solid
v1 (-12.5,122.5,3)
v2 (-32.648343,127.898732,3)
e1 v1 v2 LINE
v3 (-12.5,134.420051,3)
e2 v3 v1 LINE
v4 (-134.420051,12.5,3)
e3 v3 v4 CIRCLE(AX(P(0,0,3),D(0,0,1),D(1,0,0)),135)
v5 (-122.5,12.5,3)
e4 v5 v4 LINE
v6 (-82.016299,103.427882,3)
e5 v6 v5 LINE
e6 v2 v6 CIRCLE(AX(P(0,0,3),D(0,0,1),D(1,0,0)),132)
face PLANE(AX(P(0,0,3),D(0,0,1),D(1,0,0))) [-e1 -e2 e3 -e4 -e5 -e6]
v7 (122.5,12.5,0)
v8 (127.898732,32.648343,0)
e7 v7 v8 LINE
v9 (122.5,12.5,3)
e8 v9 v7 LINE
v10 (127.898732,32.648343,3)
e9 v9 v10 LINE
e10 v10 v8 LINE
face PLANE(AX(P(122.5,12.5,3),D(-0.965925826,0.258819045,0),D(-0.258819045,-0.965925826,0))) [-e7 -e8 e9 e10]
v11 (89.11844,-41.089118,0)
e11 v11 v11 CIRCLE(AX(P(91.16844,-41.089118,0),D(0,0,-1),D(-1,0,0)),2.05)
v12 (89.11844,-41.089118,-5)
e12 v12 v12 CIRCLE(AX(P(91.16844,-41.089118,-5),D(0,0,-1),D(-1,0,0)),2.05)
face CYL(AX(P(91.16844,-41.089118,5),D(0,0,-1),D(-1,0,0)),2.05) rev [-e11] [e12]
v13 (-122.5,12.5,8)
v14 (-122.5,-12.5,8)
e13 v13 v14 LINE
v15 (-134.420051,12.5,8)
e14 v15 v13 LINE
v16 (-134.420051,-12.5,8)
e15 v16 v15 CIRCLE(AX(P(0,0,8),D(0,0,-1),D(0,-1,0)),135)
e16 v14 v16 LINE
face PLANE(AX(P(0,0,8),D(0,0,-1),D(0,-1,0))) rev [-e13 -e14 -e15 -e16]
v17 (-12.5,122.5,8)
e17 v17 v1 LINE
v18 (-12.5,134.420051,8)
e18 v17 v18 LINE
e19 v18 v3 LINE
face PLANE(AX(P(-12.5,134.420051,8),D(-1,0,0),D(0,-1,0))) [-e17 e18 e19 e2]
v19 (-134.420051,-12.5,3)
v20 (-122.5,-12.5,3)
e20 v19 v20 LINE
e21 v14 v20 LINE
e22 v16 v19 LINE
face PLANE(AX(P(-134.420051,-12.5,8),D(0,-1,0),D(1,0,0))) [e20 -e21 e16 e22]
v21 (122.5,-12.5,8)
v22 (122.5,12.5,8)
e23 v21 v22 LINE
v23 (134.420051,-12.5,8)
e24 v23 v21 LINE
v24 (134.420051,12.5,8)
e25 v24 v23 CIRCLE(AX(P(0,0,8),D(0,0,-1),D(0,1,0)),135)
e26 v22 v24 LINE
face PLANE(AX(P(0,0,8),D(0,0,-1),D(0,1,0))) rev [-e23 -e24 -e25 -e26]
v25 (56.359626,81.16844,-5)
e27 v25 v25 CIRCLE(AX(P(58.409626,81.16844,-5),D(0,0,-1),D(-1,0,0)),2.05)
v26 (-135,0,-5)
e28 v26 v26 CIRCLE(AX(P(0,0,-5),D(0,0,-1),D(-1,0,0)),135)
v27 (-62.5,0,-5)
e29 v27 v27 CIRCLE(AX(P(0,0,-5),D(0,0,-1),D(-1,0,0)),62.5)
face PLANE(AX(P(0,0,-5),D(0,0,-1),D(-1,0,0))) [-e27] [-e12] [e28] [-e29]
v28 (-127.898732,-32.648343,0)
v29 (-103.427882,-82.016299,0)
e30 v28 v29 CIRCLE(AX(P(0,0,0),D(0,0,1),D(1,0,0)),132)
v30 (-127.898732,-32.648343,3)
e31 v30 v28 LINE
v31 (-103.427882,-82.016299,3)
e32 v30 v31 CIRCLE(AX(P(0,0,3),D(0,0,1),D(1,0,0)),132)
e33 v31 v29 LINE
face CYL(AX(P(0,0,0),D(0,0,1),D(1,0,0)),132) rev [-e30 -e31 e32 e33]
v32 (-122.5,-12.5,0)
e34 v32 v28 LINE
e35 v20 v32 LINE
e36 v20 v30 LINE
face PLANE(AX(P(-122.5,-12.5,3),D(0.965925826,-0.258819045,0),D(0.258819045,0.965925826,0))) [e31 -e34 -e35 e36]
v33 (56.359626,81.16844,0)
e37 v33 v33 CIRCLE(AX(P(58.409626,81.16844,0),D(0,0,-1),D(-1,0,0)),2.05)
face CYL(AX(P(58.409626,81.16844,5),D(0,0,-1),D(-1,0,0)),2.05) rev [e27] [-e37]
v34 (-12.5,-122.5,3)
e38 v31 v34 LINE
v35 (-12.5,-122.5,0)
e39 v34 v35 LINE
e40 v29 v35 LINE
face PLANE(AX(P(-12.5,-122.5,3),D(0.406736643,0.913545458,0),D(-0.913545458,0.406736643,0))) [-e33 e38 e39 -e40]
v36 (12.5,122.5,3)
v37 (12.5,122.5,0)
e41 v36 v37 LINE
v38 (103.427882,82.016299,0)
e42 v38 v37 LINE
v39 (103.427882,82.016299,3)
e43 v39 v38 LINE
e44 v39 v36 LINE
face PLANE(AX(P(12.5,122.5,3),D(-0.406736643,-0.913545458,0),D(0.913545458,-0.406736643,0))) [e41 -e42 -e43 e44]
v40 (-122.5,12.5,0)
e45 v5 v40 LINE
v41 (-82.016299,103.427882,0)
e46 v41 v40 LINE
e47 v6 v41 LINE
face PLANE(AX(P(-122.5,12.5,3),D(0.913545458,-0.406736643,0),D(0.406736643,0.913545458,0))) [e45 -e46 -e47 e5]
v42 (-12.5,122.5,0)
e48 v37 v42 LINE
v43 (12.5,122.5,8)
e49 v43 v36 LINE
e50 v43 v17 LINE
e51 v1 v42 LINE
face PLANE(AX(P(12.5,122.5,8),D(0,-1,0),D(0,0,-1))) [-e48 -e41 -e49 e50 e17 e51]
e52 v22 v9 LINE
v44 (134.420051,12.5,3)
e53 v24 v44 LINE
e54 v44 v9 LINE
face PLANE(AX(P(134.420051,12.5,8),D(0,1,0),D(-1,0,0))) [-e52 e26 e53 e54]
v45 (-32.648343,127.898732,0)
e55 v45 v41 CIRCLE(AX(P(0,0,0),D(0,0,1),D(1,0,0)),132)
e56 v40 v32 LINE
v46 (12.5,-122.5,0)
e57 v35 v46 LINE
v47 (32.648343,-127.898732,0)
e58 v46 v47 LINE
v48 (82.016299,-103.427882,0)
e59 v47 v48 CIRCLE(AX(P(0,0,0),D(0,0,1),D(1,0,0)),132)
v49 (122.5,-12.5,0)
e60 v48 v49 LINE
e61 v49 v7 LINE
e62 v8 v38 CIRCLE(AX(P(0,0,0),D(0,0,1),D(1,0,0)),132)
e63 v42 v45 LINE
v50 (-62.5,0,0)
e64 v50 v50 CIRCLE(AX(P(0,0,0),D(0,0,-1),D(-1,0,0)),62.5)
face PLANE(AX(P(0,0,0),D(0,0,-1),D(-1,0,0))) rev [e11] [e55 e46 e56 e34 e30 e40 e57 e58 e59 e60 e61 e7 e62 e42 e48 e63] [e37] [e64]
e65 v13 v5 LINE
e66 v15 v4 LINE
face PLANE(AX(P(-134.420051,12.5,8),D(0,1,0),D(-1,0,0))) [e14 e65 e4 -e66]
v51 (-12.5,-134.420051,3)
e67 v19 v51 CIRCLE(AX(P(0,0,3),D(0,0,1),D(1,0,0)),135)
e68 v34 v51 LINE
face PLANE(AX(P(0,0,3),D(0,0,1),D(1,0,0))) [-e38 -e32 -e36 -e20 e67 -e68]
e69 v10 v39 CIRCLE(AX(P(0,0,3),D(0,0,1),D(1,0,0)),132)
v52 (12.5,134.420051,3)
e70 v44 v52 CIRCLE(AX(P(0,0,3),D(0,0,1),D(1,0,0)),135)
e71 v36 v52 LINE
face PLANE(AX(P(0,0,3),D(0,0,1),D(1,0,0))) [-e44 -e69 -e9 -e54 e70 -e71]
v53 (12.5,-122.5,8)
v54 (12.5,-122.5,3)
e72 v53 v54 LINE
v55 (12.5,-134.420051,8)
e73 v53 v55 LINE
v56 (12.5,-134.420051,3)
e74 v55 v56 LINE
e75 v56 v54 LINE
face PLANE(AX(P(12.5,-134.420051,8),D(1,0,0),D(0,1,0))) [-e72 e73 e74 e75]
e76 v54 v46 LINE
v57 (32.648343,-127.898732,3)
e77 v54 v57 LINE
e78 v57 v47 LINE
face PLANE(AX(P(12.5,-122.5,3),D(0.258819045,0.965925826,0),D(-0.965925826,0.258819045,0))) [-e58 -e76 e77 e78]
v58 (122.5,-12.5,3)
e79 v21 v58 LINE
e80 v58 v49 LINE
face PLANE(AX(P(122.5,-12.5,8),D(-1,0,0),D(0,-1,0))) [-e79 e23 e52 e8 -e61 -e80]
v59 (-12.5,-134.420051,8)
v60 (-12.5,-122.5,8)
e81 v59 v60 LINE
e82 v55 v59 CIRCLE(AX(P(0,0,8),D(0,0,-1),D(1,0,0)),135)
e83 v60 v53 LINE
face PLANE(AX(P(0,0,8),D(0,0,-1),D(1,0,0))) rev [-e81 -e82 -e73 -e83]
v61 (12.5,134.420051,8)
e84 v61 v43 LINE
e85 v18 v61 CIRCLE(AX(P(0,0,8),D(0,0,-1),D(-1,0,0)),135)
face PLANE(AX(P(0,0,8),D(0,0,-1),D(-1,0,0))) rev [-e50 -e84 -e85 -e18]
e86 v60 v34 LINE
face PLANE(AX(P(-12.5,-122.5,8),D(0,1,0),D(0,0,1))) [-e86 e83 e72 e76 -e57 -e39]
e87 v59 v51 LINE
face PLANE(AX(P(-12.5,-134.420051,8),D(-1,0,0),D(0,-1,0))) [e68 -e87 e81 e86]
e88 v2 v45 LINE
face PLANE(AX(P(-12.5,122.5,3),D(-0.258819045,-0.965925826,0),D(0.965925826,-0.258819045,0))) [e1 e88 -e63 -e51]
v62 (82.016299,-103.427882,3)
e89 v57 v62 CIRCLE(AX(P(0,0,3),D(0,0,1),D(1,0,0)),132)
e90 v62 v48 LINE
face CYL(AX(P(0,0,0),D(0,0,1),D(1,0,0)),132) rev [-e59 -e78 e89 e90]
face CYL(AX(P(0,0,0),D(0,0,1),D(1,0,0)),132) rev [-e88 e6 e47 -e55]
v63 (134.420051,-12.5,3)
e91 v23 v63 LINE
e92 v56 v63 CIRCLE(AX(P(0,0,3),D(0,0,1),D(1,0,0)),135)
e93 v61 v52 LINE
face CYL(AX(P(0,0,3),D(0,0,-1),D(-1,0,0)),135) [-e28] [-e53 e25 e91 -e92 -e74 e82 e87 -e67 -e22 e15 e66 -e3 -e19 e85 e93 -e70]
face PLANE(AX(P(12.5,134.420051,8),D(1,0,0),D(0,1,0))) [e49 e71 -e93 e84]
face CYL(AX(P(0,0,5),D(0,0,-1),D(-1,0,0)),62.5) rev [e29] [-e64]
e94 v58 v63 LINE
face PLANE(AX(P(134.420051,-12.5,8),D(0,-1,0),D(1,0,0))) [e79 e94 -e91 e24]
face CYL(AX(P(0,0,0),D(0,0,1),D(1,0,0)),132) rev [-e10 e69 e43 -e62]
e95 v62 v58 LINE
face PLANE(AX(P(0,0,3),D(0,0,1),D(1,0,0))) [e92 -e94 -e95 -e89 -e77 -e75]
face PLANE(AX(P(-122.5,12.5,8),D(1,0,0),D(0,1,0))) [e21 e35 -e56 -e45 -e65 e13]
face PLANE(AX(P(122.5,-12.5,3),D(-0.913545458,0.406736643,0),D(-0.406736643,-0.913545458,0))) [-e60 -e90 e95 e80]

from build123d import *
from build123d.topology import SkipClean

# Parameters (mm, degrees)
SCHIZZO1_R                   = 135
ESTRUSIONE_ESTRUSIONE2_DEPTH = 3
SCHIZZO4_R                   = 132
TAGLIO_ESTRUSIONE1_DEPTH     = 191.942399692
ESTRUSIONE_ESTRUSIONE3_DEPTH = 8
RIPETIZIONECIRCOLARE2_COUNT  = 4
ESTRUSIONE_ESTRUSIONE5_START = -3
ESTRUSIONE_ESTRUSIONE5_DEPTH = 3
RIPETIZIONECIRCOLARE4_COUNT  = 4
ESTRUSIONE_ESTRUSIONE6_START = 5
SCHIZZO9_R                   = 135
ESTRUSIONE_ESTRUSIONE6_DEPTH = 5
SCHIZZO10_R                  = 62.5
TAGLIO_ESTRUSIONE2_DEPTH     = 10
SCHIZZO11_R                  = 2.05
TAGLIO_ESTRUSIONE3_DEPTH     = 10


with BuildPart() as part:
    # Schizzo1 → Estrusione-Estrusione2 (new body)
    with BuildSketch(Plane.XY):
        Circle(SCHIZZO1_R)
    extrude(amount=ESTRUSIONE_ESTRUSIONE2_DEPTH)

    # Schizzo4 → Taglio-Estrusione1 (cut, through all)
    with BuildSketch(Plane.XY.offset(3)):
        Circle(SCHIZZO4_R)
    extrude(amount=-TAGLIO_ESTRUSIONE1_DEPTH, mode=Mode.SUBTRACT)

    # Schizzo5 → Estrusione-Estrusione3 (add)
    with SkipClean():  # the faces are left unmerged after this step: merging them gives an invalid solid
        with BuildSketch(Plane(origin=(0, 0, 0), x_dir=(-1, 0, 0), z_dir=(0, 0, -1))):
            with BuildLine():
                Line((-12.5, 134.420050588), (-12.5, 122.5))
                Line((-12.5, 122.5), (12.5, 122.5))
                Line((12.5, 122.5), (12.5, 134.420050588))
                ThreePointArc((12.5, 134.420050588), (0, 135), (-12.5, 134.420050588))
            make_face()
        estrusione_estrusione3 = extrude(amount=-ESTRUSIONE_ESTRUSIONE3_DEPTH)

    # RipetizioneCircolare2: Estrusione-Estrusione3 ×4 about axis
    with SkipClean():  # the faces are left unmerged after this step: merging them gives an invalid solid
        ripetizionecircolare2_axis = Axis((0, 0, 0), (0, 0, 1))
        for i in range(1, RIPETIZIONECIRCOLARE2_COUNT):
            add(estrusione_estrusione3.rotate(ripetizionecircolare2_axis, i * 360 / RIPETIZIONECIRCOLARE2_COUNT))

    # Schizzo8 → Estrusione-Estrusione5 (add)
    with SkipClean():  # the faces are left unmerged after this step: merging them gives an invalid solid
        with BuildSketch(Plane(origin=(0, 0, 0), x_dir=(-1, 0, 0), z_dir=(0, 0, -1)).offset(ESTRUSIONE_ESTRUSIONE5_START)):
            with BuildLine():
                Line((-12.5, 122.5), (12.5, 122.5))
                Line((12.5, 122.5), (32.648342939, 127.898732219))
                ThreePointArc((32.648342939, 127.898732219), (-42.175054348, 125.081032898), (-103.427881869, 82.016298697))
                Line((-103.427881869, 82.016298697), (-12.5, 122.5))
            make_face()
        estrusione_estrusione5 = extrude(amount=ESTRUSIONE_ESTRUSIONE5_DEPTH)

    # RipetizioneCircolare4: Estrusione-Estrusione5 ×4 about axis
    with SkipClean():  # the faces are left unmerged after this step: merging them gives an invalid solid
        ripetizionecircolare4_axis = Axis((0, 0, 0), (0, 0, 1))
        for i in range(1, RIPETIZIONECIRCOLARE4_COUNT):
            add(estrusione_estrusione5.rotate(ripetizionecircolare4_axis, i * 360 / RIPETIZIONECIRCOLARE4_COUNT))

    # Schizzo9 → Estrusione-Estrusione6 (add)
    with SkipClean():  # the faces are left unmerged after this step: merging them gives an invalid solid
        with BuildSketch(Plane(origin=(0, 0, 0), x_dir=(-1, 0, 0), z_dir=(0, 0, -1)).offset(ESTRUSIONE_ESTRUSIONE6_START)):
            Circle(SCHIZZO9_R)
        extrude(amount=-ESTRUSIONE_ESTRUSIONE6_DEPTH)

    # Schizzo10 → Taglio-Estrusione2 (cut)
    with SkipClean():  # the faces are left unmerged after this step: merging them gives an invalid solid
        with BuildSketch(Plane(origin=(0, 0, -5), x_dir=(-1, 0, 0), z_dir=(0, 0, -1))):
            Circle(SCHIZZO10_R)
        extrude(amount=-TAGLIO_ESTRUSIONE2_DEPTH, mode=Mode.SUBTRACT)

    # Schizzo11 → Taglio-Estrusione3 (cut)
    with SkipClean():  # the faces are left unmerged after this step: merging them gives an invalid solid
        with BuildSketch(Plane(origin=(0, 0, -5), x_dir=(-1, 0, 0), z_dir=(0, 0, -1))):
            with Locations((-91.168439698, -41.089117817)):
                Circle(SCHIZZO11_R)
            with Locations((-58.409625893, 81.168439698)):
                Circle(SCHIZZO11_R)
        extrude(amount=-TAGLIO_ESTRUSIONE3_DEPTH, mode=Mode.SUBTRACT)


solid = part.part
